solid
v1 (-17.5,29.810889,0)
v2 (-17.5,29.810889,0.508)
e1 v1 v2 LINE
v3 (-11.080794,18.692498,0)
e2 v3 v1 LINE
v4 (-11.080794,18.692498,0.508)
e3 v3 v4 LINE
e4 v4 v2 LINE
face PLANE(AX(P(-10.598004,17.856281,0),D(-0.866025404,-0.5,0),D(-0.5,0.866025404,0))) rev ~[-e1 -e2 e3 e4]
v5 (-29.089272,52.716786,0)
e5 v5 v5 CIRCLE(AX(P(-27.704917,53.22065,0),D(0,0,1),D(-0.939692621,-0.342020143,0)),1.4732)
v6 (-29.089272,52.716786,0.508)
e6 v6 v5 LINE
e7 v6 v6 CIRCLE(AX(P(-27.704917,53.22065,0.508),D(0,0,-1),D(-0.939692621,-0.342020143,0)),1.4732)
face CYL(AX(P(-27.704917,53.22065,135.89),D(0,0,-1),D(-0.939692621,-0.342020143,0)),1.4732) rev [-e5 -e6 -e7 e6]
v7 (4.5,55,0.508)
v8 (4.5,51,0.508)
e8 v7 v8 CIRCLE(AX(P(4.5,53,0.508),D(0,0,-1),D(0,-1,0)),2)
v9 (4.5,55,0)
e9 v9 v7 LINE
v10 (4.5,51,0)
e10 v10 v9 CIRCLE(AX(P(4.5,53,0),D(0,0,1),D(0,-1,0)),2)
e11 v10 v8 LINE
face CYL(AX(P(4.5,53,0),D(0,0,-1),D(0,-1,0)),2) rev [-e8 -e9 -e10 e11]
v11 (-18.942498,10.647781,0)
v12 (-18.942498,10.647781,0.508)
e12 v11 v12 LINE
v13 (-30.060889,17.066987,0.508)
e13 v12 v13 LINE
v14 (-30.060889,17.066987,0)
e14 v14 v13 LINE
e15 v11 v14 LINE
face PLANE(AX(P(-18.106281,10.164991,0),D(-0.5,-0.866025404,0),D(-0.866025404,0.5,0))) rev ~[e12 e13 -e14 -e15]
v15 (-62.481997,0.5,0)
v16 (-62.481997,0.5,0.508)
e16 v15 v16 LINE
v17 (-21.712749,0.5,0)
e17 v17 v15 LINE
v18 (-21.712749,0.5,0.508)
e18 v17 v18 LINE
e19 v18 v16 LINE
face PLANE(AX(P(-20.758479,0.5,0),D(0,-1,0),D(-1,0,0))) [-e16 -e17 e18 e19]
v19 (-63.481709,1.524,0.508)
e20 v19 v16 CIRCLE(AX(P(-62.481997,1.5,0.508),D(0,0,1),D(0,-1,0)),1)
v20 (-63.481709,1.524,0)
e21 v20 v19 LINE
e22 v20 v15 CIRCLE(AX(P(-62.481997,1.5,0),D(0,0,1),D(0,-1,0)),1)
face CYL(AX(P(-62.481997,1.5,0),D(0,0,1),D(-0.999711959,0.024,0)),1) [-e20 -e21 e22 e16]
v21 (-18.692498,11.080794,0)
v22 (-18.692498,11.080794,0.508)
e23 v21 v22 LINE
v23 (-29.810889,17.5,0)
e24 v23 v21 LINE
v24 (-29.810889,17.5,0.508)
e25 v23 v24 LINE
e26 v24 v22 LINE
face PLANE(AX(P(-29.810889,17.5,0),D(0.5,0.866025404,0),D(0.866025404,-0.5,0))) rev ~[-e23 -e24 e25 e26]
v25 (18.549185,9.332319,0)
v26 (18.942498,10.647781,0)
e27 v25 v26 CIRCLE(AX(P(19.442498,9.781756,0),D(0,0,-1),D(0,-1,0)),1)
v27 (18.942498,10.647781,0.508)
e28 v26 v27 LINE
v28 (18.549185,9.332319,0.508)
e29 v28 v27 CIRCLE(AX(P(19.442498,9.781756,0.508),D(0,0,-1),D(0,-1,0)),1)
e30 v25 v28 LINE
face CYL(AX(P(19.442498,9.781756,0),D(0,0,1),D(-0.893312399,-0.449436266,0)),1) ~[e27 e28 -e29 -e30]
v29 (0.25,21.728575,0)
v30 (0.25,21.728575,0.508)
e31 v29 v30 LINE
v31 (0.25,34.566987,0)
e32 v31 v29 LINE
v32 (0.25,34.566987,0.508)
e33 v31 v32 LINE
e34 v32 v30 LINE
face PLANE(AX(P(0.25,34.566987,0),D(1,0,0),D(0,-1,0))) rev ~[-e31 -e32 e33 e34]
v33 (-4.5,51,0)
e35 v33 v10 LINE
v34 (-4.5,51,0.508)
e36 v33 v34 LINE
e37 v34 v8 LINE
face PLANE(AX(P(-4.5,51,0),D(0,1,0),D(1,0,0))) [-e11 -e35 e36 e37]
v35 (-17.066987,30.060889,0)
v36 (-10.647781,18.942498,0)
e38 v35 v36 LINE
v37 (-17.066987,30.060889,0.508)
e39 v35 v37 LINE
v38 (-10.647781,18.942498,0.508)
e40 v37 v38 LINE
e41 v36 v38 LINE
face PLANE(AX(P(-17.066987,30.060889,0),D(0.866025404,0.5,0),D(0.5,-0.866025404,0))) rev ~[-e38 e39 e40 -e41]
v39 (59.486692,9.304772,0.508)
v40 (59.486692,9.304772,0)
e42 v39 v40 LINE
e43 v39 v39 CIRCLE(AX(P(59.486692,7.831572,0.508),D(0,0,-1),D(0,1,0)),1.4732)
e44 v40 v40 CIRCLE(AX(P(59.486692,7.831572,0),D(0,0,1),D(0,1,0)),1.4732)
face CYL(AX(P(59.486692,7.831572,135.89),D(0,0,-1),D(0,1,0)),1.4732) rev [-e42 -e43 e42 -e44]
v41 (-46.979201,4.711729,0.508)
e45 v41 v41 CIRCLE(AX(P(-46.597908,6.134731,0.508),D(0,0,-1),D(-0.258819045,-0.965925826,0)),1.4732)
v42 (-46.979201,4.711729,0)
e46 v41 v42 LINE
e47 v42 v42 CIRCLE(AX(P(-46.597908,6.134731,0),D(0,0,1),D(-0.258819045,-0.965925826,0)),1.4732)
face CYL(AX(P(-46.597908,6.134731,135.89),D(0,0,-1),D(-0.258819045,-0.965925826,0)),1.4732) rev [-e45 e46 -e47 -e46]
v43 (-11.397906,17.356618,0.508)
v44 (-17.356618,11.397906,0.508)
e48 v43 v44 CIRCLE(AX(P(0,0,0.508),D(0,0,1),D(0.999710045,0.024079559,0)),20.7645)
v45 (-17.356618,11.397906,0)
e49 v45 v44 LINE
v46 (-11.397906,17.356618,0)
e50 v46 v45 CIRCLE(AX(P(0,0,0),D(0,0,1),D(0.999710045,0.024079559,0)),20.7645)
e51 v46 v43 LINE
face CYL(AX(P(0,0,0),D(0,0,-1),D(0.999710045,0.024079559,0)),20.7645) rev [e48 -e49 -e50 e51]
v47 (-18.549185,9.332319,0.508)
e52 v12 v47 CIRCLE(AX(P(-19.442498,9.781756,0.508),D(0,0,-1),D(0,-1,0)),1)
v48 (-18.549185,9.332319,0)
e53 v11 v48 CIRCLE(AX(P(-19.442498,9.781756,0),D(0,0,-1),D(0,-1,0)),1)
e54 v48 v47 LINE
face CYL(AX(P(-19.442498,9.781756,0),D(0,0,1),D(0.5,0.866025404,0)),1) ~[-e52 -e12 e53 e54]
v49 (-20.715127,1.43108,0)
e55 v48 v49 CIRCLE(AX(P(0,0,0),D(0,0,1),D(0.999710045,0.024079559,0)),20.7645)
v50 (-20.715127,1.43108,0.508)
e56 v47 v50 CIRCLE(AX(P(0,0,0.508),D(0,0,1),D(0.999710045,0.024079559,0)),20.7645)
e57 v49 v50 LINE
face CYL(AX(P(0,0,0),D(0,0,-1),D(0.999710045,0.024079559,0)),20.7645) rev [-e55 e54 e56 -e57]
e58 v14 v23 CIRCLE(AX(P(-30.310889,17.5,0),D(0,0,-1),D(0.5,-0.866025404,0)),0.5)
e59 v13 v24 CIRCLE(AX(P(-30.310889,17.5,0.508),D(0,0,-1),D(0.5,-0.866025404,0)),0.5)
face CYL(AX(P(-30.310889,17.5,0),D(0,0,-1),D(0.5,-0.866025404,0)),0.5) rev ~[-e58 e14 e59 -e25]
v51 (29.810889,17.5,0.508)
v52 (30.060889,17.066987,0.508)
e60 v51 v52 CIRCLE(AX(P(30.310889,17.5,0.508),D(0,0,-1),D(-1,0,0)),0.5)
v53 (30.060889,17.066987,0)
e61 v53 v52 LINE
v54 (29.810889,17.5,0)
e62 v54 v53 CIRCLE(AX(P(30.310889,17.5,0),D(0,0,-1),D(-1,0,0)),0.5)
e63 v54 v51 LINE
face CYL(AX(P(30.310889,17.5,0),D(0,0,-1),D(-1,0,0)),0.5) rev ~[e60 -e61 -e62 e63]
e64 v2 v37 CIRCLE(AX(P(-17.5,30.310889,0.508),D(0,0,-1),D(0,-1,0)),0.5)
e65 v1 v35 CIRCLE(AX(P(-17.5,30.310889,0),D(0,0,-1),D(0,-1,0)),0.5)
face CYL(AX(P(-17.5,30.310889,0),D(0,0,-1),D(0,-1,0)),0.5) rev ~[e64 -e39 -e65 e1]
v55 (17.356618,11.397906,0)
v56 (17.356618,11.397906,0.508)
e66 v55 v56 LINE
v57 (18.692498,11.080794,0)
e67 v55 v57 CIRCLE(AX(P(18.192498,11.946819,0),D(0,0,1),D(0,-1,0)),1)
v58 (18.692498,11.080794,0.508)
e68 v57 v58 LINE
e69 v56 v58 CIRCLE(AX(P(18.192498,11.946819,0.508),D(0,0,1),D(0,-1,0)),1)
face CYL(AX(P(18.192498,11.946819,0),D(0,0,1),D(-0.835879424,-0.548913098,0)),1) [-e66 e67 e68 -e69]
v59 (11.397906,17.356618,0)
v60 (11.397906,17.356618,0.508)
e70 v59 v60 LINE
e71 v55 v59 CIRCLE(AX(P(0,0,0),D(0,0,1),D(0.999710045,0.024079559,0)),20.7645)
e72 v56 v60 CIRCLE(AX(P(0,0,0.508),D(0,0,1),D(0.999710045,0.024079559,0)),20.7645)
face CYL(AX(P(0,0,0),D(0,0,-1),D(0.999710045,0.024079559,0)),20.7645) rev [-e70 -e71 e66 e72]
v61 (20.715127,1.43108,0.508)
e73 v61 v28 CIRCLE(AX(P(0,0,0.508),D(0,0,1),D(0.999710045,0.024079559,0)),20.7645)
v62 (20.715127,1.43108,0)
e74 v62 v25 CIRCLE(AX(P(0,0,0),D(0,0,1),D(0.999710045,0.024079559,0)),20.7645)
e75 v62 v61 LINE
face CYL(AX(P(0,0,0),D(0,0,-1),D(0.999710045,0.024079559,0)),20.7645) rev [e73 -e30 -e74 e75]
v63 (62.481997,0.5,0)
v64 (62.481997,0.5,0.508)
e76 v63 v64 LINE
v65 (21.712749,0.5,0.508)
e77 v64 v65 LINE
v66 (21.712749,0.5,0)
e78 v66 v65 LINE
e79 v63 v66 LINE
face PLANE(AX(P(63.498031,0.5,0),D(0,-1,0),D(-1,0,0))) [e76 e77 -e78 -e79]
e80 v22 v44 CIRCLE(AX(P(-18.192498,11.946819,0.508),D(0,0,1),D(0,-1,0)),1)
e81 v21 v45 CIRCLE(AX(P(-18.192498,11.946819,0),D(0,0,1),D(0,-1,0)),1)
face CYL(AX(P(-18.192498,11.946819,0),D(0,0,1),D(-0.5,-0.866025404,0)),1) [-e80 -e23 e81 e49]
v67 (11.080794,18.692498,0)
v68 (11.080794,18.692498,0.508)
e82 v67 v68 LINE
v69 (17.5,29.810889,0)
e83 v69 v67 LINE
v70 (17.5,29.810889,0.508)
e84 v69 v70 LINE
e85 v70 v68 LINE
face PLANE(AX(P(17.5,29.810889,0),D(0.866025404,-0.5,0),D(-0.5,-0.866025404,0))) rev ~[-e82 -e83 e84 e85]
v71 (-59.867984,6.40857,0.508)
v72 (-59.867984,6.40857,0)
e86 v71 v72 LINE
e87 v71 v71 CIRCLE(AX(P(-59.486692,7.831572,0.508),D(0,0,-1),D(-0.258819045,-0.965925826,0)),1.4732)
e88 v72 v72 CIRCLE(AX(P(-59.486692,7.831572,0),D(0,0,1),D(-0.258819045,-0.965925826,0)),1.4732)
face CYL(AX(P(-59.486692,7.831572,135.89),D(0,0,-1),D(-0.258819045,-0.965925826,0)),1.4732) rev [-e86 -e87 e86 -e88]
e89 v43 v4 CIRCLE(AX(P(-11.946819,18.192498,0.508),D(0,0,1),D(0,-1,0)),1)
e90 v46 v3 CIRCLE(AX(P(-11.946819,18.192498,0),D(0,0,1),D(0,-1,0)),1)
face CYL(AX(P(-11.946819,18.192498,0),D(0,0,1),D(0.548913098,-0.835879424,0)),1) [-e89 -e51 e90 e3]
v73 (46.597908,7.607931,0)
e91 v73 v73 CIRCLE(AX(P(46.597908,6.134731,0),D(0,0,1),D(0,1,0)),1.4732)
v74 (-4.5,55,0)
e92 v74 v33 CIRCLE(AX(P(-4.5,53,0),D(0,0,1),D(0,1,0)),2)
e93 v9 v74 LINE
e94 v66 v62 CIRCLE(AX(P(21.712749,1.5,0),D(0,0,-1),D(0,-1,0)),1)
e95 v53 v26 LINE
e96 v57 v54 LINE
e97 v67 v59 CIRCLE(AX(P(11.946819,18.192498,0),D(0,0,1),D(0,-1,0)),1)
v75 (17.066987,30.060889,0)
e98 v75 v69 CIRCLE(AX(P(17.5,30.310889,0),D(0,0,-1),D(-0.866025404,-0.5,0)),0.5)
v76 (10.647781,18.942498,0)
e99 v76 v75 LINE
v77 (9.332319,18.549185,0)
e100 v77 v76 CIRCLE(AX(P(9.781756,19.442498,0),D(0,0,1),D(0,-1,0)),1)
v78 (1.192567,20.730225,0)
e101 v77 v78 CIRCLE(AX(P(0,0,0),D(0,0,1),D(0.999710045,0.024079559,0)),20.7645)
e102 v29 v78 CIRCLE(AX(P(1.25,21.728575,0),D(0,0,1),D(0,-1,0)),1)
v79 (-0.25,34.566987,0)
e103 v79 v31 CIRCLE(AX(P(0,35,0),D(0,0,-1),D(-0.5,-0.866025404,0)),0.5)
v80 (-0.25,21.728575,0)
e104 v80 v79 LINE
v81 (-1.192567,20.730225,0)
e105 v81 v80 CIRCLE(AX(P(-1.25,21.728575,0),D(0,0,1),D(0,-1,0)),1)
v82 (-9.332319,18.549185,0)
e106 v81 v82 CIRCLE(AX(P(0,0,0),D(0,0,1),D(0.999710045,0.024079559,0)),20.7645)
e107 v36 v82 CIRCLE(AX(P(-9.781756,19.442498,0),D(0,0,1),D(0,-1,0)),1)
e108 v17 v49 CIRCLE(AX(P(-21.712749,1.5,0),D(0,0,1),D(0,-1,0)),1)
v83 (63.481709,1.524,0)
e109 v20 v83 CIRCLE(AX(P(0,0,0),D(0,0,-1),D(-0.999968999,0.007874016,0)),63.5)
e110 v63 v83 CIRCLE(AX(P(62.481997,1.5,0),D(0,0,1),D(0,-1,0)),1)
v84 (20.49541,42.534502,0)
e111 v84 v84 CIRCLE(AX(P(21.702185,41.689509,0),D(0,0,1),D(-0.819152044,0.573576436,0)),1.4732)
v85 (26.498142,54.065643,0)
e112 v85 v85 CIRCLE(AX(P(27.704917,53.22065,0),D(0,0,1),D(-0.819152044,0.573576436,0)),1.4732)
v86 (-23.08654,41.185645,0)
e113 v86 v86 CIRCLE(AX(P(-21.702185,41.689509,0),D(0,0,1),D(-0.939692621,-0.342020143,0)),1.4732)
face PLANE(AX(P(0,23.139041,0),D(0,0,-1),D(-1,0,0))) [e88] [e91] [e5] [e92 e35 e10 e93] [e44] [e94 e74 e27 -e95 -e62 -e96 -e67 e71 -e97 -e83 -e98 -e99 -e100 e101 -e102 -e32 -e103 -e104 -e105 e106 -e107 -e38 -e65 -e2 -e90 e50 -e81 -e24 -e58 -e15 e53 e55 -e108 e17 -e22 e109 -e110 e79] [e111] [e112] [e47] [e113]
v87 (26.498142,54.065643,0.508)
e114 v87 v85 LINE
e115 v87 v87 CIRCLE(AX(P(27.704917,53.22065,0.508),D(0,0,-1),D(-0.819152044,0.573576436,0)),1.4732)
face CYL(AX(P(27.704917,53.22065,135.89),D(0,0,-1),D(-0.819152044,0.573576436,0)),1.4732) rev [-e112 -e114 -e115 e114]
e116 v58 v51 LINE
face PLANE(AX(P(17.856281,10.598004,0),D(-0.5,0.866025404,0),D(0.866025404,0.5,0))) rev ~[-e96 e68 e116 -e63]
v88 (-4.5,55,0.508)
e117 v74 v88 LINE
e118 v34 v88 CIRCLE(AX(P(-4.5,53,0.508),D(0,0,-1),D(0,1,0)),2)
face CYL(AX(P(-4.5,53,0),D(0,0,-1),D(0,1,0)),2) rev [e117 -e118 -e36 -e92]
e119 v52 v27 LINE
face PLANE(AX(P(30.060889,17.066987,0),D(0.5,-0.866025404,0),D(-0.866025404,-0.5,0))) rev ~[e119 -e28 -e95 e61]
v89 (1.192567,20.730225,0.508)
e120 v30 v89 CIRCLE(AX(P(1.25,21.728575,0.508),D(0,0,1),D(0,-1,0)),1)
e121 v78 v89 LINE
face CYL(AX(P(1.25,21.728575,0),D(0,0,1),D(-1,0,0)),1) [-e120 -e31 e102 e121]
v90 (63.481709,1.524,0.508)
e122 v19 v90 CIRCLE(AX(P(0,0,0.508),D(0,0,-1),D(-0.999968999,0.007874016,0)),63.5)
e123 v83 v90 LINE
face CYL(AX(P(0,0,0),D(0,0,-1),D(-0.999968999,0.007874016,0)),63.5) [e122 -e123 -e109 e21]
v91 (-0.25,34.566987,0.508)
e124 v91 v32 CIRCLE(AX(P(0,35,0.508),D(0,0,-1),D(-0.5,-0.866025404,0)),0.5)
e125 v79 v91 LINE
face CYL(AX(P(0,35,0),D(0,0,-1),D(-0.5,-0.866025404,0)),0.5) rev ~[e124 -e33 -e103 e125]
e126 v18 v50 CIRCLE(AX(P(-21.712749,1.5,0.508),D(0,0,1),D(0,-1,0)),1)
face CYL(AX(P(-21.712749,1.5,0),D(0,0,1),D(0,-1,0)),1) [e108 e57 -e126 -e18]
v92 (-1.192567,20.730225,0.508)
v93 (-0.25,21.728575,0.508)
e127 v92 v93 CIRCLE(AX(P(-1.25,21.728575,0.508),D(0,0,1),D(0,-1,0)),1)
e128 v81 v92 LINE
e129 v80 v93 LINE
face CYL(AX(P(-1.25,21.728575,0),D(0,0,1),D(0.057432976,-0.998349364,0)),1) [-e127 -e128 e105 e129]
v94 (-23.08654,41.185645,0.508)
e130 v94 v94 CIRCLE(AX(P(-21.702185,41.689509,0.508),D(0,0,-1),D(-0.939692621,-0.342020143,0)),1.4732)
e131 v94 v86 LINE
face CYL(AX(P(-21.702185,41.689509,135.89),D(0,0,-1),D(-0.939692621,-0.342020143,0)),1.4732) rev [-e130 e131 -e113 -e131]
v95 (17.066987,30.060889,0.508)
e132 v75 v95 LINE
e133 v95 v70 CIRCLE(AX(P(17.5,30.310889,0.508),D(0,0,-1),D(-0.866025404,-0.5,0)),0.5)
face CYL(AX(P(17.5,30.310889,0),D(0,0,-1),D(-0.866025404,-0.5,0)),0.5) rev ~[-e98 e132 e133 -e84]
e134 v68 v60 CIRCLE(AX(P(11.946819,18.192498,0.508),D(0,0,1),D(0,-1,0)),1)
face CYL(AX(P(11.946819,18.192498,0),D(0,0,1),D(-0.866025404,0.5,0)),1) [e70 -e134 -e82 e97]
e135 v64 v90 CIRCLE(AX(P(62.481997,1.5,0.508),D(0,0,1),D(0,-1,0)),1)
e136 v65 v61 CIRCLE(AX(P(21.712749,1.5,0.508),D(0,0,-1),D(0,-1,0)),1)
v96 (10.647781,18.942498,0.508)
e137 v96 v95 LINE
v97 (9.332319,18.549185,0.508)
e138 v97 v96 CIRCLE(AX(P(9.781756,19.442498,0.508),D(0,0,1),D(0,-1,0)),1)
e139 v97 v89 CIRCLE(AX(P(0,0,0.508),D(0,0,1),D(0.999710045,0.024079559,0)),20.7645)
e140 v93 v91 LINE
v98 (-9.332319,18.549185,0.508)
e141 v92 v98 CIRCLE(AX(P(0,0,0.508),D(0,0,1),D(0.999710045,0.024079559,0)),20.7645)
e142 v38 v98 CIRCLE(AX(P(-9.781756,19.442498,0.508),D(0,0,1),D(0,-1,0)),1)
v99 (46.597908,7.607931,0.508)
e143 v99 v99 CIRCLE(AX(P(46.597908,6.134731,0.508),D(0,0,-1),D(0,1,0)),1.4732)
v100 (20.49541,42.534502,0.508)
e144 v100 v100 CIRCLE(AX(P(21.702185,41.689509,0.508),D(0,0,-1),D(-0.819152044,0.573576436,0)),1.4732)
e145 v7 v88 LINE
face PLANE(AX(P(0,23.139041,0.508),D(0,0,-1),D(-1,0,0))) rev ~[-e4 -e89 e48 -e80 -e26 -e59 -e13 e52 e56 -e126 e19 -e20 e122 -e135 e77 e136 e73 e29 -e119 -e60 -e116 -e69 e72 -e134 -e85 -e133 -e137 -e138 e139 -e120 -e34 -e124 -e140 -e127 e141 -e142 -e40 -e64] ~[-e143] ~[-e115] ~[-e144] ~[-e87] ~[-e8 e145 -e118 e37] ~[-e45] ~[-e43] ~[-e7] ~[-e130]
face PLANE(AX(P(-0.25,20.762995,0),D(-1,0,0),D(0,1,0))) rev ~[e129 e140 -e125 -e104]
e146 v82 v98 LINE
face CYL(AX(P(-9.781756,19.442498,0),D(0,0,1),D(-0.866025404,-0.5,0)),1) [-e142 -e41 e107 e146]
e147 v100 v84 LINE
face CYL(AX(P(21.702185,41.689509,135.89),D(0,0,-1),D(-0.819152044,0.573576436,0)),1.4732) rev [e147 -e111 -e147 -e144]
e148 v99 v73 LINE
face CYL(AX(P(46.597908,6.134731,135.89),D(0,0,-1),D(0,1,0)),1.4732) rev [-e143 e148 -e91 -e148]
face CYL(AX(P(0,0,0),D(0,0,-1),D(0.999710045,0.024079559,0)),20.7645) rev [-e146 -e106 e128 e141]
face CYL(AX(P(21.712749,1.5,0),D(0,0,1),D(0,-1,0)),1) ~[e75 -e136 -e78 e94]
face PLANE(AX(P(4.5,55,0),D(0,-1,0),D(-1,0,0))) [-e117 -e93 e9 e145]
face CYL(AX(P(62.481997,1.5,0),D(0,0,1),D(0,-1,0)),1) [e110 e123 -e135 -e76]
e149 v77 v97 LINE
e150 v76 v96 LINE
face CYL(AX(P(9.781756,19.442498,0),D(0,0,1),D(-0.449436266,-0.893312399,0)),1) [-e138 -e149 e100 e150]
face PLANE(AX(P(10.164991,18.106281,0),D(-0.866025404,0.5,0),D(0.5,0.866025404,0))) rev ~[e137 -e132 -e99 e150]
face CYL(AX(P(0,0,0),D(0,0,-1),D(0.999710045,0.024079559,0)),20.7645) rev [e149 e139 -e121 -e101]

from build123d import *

# Parameters (mm, degrees)
BOSS_EXTRUDE1_DEPTH            = 0.508
CUT_EXTRUDE1_DEPTH             = 1.508
CIRPATTERN1_COUNT              = 5
CIRPATTERN1_ANGLE              = 120
FILLET1_R                      = 1
F_4_CLEARANCE_HOLE1_AT_2_COUNT = 2
F_4_CLEARANCE_HOLE1_AT_2_PITCH = 13
CIRPATTERN2_COUNT              = 4
CIRPATTERN2_ANGLE              = 165
CUT_EXTRUDE2_DEPTH             = 1.508


with BuildPart() as part:
    # Sketch1 → Boss-Extrude1 (new body)
    with BuildSketch(Plane.XY):
        with BuildLine():
            Line((63.498031466, 0.5), (20.758479237, 0.5))
            ThreePointArc((20.758479237, 0.5), (0, 20.7645), (-20.758479237, 0.5))
            Line((-20.758479237, 0.5), (-63.498031466, 0.5))
            ThreePointArc((-63.498031466, 0.5), (0, 63.5), (63.498031466, 0.5))
        make_face()
    extrude(amount=BOSS_EXTRUDE1_DEPTH)

    # Sketch2 → Cut-Extrude1 (cut, through all)
    with BuildSketch(Plane(origin=(0, 0, 0), x_dir=(-1, 0, 0), z_dir=(0, 0, -1))):
        with BuildLine():
            Line((29.810889132, 17.5), (17.856281105, 10.598003837))
            Line((17.856281105, 10.598003837), (18.106281105, 10.164991136))
            Line((18.106281105, 10.164991136), (30.060889132, 17.066987298))
            ThreePointArc((30.060889132, 17.066987298), (30.743901834, 17.75), (29.810889132, 17.5))
        make_face()
    cut_extrude1 = extrude(amount=-CUT_EXTRUDE1_DEPTH, mode=Mode.SUBTRACT)

    # CirPattern1: Cut-Extrude1 ×5 about axis
    cirpattern1_axis = Axis((0, 0, 0), (0, 0, -1))
    for i in range(1, CIRPATTERN1_COUNT):
        add(cut_extrude1.rotate(cirpattern1_axis, i * CIRPATTERN1_ANGLE / (CIRPATTERN1_COUNT - 1)), mode=Mode.SUBTRACT)

    # Fillet1
    fillet1_edges = [part.edges().sort_by_distance(p)[0] for p in [
        (-18.106281105, 10.164991136, 0.254),
        (-17.856281105, 10.598003837, 0.254),
        (-10.598003837, 17.856281105, 0.254),
        (-10.164991136, 18.106281105, 0.254),
        (-0.25, 20.762994973, 0.254),
        (0.25, 20.762994973, 0.254),
        (10.164991136, 18.106281105, 0.254),
        (10.598003837, 17.856281105, 0.254),
        (18.106281105, 10.164991136, 0.254),
        (17.856281105, 10.598003837, 0.254),
        (63.498031466, 0.5, 0.254),
        (20.758479237, 0.5, 0.254),
        (-63.498031466, 0.5, 0.254),
        (-20.758479237, 0.5, 0.254),
    ]]
    fillet(fillet1_edges, radius=FILLET1_R)

    # Sketch3 → #4 Clearance Hole1 (revolve, cut)
    with BuildSketch(Plane(origin=(59.486691682, 7.831571533, 0), x_dir=(0, 1, 0), z_dir=(1, 0, 0))):
        Polygon((0, 0), (0, 136.775187864), (1.4732, 135.89), (1.4732, 0), align=None)
    f_4_clearance_hole1 = revolve(axis=Axis((59.486691682, 7.831571533, -6.35), (0, 0, 1)), mode=Mode.SUBTRACT)

    # #4 Clearance Hole1 at 2: #4 Clearance Hole1 ×2
    with Locations(*[Vector(-0.991444861, -0.130526192, 0) * (i * F_4_CLEARANCE_HOLE1_AT_2_PITCH) for i in range(1, F_4_CLEARANCE_HOLE1_AT_2_COUNT)]):
        add(f_4_clearance_hole1, mode=Mode.SUBTRACT)

    # CirPattern2: #4 Clearance Hole1 ×4 about axis
    cirpattern2_axis = Axis((0, 0, 0), (0, 0, 1))
    for i in range(1, CIRPATTERN2_COUNT):
        add(f_4_clearance_hole1.rotate(cirpattern2_axis, i * CIRPATTERN2_ANGLE / (CIRPATTERN2_COUNT - 1)), mode=Mode.SUBTRACT)

    # CirPattern2 copy 1 sketch → CirPattern2 copy 1 (revolve, cut)
    with BuildSketch(Plane(origin=(21.702184822, 41.689509159, 0), x_dir=(-0.819152044, 0.573576436, 0), z_dir=(0.573576436, 0.819152044, 0))):
        Polygon((0, 0), (0, 136.775187864), (1.4732, 135.89), (1.4732, 0), align=None)
    revolve(axis=Axis((21.702184822, 41.689509159, -6.35), (0, 0, 1)), mode=Mode.SUBTRACT)

    # CirPattern2 copy 2 sketch → CirPattern2 copy 2 (revolve, cut)
    with BuildSketch(Plane(origin=(-21.702184822, 41.689509159, 0), x_dir=(-0.939692621, -0.342020143, 0), z_dir=(-0.342020143, 0.939692621, 0))):
        Polygon((0, 0), (0, 136.775187864), (1.4732, 135.89), (1.4732, 0), align=None)
    revolve(axis=Axis((-21.702184822, 41.689509159, -6.35), (0, 0, 1)), mode=Mode.SUBTRACT)

    # CirPattern2 copy 3 sketch → CirPattern2 copy 3 (revolve, cut)
    with BuildSketch(Plane(origin=(-46.597908485, 6.134731034, 0), x_dir=(-0.258819045, -0.965925826, 0), z_dir=(-0.965925826, 0.258819045, 0))):
        Polygon((0, 0), (0, 136.775187864), (1.4732, 135.89), (1.4732, 0), align=None)
    revolve(axis=Axis((-46.597908485, 6.134731034, -6.35), (0, 0, 1)), mode=Mode.SUBTRACT)

    # Sketch5 → Cut-Extrude2 (cut, through all)
    with BuildSketch(Plane(origin=(0, 0, 0), x_dir=(-1, 0, 0), z_dir=(0, 0, -1))):
        with BuildLine():
            Line((-4.5, 55), (4.5, 55))
            ThreePointArc((4.5, 55), (6.5, 53), (4.5, 51))
            Line((4.5, 51), (-4.5, 51))
            ThreePointArc((-4.5, 51), (-6.5, 53), (-4.5, 55))
        make_face()
    extrude(amount=-CUT_EXTRUDE2_DEPTH, mode=Mode.SUBTRACT)


solid = part.part
